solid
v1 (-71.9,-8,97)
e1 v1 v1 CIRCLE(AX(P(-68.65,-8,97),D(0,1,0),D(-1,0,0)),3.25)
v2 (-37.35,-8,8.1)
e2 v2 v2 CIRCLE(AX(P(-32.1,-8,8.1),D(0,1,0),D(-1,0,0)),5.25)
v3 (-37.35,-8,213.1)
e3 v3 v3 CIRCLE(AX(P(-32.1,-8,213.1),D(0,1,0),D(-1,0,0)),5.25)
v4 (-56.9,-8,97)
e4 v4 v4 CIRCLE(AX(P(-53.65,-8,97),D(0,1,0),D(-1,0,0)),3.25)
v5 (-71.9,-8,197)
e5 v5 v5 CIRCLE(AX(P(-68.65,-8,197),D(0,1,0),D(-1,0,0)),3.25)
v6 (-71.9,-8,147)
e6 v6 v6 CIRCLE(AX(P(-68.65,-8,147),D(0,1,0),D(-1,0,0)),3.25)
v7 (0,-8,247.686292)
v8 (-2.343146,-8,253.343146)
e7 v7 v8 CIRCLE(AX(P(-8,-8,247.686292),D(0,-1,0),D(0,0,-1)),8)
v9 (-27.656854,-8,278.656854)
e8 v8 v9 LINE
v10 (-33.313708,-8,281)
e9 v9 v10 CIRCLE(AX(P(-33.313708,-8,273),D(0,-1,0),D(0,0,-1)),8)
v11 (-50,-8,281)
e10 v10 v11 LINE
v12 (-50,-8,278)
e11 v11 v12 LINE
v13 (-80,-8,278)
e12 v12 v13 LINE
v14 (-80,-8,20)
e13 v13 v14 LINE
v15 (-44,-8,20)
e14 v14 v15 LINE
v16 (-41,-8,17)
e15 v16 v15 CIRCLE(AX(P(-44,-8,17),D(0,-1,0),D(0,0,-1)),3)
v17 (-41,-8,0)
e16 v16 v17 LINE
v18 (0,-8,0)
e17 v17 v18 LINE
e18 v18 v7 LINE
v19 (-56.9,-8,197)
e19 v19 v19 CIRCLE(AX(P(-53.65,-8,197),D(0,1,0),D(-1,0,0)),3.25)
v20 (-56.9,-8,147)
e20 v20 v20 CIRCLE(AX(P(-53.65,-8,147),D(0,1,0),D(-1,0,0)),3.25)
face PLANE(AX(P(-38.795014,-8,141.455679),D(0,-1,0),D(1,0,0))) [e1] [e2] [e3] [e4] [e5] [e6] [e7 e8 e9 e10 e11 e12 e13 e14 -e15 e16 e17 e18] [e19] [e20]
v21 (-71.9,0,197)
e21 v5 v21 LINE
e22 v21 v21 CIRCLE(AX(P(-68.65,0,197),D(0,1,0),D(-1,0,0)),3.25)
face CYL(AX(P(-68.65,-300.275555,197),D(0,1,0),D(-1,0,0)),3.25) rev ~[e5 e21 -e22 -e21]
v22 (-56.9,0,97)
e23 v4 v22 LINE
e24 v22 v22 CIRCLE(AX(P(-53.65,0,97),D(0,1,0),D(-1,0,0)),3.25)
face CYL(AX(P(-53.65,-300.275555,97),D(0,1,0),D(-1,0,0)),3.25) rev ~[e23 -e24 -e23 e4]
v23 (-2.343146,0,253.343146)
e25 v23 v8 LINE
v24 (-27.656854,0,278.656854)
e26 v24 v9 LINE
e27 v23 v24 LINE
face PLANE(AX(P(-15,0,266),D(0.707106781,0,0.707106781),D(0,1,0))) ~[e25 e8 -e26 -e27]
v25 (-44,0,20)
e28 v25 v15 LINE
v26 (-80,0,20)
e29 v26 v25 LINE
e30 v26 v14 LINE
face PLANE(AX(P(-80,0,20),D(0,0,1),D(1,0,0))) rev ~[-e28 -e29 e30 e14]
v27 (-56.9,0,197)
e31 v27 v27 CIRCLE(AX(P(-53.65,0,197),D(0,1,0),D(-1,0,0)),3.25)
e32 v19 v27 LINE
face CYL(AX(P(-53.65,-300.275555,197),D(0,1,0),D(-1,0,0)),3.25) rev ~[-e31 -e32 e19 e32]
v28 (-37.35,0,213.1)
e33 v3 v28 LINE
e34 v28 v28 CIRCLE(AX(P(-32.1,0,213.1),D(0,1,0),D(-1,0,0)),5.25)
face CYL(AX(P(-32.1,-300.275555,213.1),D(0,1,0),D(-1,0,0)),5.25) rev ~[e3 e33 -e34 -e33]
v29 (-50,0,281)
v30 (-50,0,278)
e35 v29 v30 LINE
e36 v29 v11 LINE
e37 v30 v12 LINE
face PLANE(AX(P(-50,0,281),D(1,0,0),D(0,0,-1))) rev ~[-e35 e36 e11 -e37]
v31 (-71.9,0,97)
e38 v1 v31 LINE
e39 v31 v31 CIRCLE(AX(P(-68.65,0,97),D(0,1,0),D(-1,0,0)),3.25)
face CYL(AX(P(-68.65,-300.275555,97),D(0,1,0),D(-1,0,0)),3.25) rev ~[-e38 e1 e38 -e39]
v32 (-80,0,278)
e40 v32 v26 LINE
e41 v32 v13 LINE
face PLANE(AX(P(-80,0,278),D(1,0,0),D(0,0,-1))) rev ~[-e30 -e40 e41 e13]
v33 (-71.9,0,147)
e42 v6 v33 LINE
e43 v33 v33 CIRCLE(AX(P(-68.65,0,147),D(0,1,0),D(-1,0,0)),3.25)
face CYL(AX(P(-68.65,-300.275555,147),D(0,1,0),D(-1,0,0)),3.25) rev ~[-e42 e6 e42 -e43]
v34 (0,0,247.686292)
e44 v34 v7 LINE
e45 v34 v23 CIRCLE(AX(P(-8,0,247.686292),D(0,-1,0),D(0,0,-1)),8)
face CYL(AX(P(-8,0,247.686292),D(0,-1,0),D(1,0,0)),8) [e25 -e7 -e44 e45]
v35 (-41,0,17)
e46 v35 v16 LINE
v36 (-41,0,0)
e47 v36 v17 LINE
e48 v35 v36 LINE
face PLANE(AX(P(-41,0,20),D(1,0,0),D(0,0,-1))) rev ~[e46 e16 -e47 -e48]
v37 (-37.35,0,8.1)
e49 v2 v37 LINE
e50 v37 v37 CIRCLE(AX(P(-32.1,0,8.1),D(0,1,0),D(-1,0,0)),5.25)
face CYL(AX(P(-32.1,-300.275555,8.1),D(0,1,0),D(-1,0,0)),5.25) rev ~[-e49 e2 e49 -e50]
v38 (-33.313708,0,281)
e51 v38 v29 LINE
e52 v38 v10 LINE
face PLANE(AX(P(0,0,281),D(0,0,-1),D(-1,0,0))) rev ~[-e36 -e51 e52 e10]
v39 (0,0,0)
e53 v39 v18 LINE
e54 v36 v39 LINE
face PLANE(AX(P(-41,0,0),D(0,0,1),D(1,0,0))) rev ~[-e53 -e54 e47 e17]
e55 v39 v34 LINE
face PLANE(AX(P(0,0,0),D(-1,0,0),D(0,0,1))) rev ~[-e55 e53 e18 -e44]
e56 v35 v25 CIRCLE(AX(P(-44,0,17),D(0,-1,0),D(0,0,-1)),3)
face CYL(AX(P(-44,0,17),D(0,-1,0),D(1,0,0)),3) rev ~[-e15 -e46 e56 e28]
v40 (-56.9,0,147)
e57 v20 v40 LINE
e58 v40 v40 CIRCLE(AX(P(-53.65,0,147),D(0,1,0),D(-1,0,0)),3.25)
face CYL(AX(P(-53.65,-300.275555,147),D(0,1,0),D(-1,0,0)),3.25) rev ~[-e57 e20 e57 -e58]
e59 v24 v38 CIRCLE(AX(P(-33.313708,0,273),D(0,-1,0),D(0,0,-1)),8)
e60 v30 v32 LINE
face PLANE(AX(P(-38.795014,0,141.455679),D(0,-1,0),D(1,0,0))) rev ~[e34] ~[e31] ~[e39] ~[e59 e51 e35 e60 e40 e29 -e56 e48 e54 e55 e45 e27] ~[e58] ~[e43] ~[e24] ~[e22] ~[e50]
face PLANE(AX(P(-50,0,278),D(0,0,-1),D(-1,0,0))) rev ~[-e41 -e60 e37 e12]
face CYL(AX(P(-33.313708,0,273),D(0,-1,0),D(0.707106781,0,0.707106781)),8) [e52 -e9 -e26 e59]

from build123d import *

# Parameters (mm, degrees)
F1_DEPTH = 8
F2_SIZE  = 30
F3_R     = 8
F4_R     = 3
F6_D     = 6.5
F8_D     = 10.5


with BuildPart() as f1:
    # F0 (on Front) → F1 (new body)
    with BuildSketch(Plane.XZ):
        Polygon((-41, 0), (0, 0), (0, 281), (-50, 281), (-50, 278), (-80, 278), (-80, 20), (-41, 20), align=None)
    extrude(amount=F1_DEPTH)

    # F2
    f2_edges = [f1.edges().sort_by_distance(p)[0] for p in [
        (0, -4, 281),
    ]]
    chamfer(f2_edges, length=F2_SIZE)

    # F3
    f3_edges = [f1.edges().sort_by_distance(p)[0] for p in [
        (-30, -4, 281),
        (0, -4, 251),
    ]]
    fillet(f3_edges, radius=F3_R)

    # F4
    f4_edges = [f1.edges().sort_by_distance(p)[0] for p in [
        (-41, -4, 20),
    ]]
    fillet(f4_edges, radius=F4_R)

    # F6 (through all)
    with Locations(Plane.XZ.offset(8)):
        with Locations((-68.65, 197), (-53.65, 197), (-53.65, 147), (-68.65, 147), (-53.65, 97), (-68.65, 97)):
            Hole(F6_D / 2)

    # F8 (through all)
    with Locations(Plane.XZ.offset(8)):
        with Locations((-32.1, 213.1), (-32.1, 8.1)):
            Hole(F8_D / 2)


solid = f1.part
